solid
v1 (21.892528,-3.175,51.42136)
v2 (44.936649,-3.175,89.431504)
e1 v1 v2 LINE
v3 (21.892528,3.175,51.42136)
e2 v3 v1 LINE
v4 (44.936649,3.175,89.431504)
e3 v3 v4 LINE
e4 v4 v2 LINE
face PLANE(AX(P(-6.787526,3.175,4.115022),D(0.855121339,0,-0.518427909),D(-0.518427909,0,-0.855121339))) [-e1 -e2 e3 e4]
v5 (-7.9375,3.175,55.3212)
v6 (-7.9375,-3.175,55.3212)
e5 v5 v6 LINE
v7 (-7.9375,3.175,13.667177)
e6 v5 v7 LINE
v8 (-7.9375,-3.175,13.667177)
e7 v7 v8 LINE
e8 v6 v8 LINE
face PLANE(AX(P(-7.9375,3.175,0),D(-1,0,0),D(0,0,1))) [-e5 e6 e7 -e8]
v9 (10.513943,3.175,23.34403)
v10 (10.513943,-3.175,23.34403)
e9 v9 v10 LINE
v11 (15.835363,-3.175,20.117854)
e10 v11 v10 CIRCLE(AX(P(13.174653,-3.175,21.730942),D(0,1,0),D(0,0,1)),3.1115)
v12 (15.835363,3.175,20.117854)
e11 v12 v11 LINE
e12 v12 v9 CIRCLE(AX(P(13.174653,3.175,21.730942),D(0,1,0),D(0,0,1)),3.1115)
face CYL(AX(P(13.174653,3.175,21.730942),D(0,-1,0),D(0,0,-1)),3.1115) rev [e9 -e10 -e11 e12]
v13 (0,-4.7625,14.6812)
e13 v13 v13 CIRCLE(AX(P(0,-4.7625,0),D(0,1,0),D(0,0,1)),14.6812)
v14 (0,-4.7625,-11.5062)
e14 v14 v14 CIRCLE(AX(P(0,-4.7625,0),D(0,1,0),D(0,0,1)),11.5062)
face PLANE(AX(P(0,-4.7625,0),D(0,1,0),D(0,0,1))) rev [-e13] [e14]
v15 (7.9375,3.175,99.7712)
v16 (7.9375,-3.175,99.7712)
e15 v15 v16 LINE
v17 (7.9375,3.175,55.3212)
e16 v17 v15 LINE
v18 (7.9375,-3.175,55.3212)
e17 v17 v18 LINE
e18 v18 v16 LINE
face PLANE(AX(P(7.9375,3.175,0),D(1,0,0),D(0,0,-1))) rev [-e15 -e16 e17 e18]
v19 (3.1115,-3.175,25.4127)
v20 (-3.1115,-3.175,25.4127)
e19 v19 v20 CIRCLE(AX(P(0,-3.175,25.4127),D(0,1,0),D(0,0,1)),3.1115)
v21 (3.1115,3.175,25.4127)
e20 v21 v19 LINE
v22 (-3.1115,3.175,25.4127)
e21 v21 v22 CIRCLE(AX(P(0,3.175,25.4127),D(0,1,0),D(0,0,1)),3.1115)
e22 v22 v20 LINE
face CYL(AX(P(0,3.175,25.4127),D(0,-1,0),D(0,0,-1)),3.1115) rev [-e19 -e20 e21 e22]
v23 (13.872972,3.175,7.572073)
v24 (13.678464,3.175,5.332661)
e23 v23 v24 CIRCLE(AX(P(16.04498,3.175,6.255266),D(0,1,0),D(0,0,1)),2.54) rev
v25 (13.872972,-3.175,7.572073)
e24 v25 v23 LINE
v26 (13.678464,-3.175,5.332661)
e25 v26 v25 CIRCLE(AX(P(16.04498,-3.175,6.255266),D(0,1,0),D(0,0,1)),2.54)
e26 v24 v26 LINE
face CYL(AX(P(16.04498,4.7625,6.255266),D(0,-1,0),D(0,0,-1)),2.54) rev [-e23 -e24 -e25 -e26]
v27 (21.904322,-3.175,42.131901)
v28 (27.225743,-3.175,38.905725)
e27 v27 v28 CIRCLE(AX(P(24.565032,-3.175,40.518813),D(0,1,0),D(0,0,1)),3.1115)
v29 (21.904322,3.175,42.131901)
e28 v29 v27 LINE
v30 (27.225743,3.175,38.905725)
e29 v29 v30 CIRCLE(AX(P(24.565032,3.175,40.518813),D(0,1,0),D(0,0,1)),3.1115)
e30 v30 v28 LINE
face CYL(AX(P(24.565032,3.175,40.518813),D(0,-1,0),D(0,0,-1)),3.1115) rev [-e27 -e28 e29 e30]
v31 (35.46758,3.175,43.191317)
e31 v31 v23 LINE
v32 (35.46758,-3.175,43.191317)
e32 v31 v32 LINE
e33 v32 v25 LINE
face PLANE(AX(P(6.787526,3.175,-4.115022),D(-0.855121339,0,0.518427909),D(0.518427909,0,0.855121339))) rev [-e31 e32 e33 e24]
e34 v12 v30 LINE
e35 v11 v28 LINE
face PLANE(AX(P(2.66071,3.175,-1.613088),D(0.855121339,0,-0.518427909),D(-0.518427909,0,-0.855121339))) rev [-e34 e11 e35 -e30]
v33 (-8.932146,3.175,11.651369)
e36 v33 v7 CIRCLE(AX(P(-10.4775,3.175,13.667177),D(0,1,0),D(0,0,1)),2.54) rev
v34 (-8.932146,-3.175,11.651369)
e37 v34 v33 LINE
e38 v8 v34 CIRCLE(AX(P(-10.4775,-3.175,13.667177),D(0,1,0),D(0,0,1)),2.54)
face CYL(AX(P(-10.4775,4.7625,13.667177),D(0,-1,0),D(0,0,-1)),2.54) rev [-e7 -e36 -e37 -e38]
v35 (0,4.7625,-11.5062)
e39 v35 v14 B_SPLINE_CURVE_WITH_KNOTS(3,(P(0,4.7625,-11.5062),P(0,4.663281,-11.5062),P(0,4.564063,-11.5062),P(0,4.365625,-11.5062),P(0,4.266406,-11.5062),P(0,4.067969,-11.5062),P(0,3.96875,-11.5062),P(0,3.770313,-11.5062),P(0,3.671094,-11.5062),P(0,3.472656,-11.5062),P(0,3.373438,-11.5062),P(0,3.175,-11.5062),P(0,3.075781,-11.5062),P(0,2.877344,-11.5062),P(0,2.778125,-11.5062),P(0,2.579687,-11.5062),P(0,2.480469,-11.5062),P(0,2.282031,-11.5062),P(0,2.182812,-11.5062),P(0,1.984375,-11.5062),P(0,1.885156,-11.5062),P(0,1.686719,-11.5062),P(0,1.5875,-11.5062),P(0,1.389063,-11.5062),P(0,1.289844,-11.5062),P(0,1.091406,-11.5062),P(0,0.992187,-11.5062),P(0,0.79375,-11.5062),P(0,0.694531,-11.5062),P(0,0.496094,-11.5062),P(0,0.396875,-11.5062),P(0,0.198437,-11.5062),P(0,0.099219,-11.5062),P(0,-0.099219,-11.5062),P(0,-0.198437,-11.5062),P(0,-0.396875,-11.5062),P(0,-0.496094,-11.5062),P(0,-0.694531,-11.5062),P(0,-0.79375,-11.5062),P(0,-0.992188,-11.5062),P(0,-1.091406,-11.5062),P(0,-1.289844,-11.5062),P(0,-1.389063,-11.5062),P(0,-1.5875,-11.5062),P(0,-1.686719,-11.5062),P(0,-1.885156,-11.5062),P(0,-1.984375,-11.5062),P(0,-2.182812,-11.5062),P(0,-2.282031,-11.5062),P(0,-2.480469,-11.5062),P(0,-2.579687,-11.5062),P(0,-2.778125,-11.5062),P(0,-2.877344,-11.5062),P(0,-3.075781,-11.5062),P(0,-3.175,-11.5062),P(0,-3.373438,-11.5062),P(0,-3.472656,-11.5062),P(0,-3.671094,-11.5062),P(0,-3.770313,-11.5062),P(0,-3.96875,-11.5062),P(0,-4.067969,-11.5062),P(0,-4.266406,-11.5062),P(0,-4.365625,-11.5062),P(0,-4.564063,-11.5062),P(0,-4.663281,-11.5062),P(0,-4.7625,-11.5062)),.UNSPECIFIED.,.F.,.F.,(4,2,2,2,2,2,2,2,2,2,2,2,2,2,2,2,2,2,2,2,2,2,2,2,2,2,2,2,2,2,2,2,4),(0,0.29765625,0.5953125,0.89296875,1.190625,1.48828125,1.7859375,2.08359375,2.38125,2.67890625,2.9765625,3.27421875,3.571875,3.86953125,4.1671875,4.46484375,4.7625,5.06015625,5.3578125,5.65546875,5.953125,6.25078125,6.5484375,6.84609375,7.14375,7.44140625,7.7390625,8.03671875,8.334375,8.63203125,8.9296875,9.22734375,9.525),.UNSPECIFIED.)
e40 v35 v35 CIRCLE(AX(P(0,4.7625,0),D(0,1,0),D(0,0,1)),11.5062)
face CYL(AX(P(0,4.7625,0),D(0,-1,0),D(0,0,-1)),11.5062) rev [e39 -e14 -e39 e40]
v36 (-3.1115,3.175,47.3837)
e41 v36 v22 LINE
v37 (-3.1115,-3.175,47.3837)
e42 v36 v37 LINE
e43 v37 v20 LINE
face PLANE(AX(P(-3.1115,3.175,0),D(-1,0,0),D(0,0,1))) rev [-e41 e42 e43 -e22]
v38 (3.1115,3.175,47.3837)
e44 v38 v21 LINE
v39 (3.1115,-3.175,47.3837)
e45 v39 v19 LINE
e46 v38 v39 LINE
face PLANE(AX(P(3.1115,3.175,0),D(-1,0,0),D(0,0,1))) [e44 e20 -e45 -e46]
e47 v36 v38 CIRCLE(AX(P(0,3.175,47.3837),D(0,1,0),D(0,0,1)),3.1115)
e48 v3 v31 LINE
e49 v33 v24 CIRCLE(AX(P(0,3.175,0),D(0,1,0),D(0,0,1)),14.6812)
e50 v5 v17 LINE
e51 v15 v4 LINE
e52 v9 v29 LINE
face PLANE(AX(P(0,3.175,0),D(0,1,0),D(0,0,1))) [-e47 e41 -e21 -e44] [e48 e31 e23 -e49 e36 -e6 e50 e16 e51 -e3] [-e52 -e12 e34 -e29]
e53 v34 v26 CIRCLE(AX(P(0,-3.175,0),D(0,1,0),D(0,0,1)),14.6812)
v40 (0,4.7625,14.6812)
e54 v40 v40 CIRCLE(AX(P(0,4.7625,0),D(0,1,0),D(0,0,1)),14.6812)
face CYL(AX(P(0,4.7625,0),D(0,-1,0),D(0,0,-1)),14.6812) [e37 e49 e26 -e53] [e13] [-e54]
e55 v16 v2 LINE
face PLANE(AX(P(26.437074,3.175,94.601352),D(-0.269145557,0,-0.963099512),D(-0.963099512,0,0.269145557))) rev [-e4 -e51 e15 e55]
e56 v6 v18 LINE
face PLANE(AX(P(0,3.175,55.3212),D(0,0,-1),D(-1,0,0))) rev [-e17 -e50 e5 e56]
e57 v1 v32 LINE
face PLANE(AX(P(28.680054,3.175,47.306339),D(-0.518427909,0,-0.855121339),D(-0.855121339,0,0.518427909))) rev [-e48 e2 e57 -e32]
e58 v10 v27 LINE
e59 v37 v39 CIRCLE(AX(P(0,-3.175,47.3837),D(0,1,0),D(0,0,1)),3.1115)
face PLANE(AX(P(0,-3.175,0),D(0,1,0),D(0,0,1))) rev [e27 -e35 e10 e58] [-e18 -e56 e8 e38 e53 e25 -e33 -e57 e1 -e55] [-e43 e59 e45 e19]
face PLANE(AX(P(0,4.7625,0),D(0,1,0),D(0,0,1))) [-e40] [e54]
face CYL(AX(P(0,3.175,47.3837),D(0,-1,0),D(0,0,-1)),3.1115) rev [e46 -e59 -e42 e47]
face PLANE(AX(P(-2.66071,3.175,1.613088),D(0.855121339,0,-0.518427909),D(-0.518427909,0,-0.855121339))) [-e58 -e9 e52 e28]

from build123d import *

# Parameters (mm, degrees)
SKETCH1_R             = 14.6812
SKETCH1_R_2           = 11.5062
BEARING_EXTRUDE_DEPTH = 4.7625
BOSS_EXTRUDE2_DEPTH   = 3.175
FILLET1_R             = 2.54


with BuildPart() as part:
    # Sketch1 → Bearing extrude (new, symmetric)
    with BuildSketch(Plane(origin=(0, 0, 0), x_dir=(1, 0, 0), z_dir=(0, 1, 0))):
        with Locations(Location((0, 0, 0), (0, 0, 90))):
            Circle(SKETCH1_R)
        with Locations(Location((0, 0, 0), (0, 0, 90))):
            Circle(SKETCH1_R_2, mode=Mode.SUBTRACT)
    extrude(amount=BEARING_EXTRUDE_DEPTH, both=True)

    # Sketch1<5> → Boss-Extrude2 (add, symmetric)
    with BuildSketch(Plane(origin=(0, 0, 0), x_dir=(1, 0, 0), z_dir=(0, 1, 0))):
        with BuildLine():
            Line((-7.9375, -12.350454534), (-7.9375, -55.3212))
            Line((-7.9375, -55.3212), (7.9375, -55.3212))
            Line((7.9375, -55.3212), (7.9375, -99.7712))
            Line((7.9375, -99.7712), (44.936648924, -89.431503617))
            Line((44.936648924, -89.431503617), (21.89252839, -51.421360118))
            Line((21.89252839, -51.421360118), (28.680054014, -47.306338594))
            Line((28.680054014, -47.306338594), (35.467579639, -43.19131707))
            Line((35.467579639, -43.19131707), (13.190345938, -6.446115688))
            ThreePointArc((13.190345938, -6.446115688), (3.951379748, -14.13945655), (-7.9375, -12.350454534))
        make_face()
        with BuildLine():
            ThreePointArc((3.1115, -47.3837), (0, -50.4952), (-3.1115, -47.3837))
            Line((-3.1115, -47.3837), (-3.1115, -25.4127))
            ThreePointArc((-3.1115, -25.4127), (0, -22.3012), (3.1115, -25.4127))
            Line((3.1115, -25.4127), (3.1115, -47.3837))
        make_face(mode=Mode.SUBTRACT)
        with BuildLine():
            ThreePointArc((27.225742535, -38.905724532), (27.587064378, -41.259593312), (26.178120928, -43.179523014))
            ThreePointArc((26.178120928, -43.179523014), (23.824252147, -43.540844858), (21.904322445, -42.131901407))
            Line((21.904322445, -42.131901407), (10.513942867, -23.344030478))
            ThreePointArc((10.513942867, -23.344030478), (11.561564474, -19.070231995), (15.835362956, -20.117853603))
            Line((15.835362956, -20.117853603), (27.225742535, -38.905724532))
        make_face(mode=Mode.SUBTRACT)
    extrude(amount=BOSS_EXTRUDE2_DEPTH, both=True)

    # Fillet1
    fillet1_edges = [part.edges().sort_by_distance(p)[0] for p in [
        (13.190345938, 0, 6.446115688),
        (-7.9375, 0, 12.350454534),
    ]]
    fillet(fillet1_edges, radius=FILLET1_R)


solid = part.part
